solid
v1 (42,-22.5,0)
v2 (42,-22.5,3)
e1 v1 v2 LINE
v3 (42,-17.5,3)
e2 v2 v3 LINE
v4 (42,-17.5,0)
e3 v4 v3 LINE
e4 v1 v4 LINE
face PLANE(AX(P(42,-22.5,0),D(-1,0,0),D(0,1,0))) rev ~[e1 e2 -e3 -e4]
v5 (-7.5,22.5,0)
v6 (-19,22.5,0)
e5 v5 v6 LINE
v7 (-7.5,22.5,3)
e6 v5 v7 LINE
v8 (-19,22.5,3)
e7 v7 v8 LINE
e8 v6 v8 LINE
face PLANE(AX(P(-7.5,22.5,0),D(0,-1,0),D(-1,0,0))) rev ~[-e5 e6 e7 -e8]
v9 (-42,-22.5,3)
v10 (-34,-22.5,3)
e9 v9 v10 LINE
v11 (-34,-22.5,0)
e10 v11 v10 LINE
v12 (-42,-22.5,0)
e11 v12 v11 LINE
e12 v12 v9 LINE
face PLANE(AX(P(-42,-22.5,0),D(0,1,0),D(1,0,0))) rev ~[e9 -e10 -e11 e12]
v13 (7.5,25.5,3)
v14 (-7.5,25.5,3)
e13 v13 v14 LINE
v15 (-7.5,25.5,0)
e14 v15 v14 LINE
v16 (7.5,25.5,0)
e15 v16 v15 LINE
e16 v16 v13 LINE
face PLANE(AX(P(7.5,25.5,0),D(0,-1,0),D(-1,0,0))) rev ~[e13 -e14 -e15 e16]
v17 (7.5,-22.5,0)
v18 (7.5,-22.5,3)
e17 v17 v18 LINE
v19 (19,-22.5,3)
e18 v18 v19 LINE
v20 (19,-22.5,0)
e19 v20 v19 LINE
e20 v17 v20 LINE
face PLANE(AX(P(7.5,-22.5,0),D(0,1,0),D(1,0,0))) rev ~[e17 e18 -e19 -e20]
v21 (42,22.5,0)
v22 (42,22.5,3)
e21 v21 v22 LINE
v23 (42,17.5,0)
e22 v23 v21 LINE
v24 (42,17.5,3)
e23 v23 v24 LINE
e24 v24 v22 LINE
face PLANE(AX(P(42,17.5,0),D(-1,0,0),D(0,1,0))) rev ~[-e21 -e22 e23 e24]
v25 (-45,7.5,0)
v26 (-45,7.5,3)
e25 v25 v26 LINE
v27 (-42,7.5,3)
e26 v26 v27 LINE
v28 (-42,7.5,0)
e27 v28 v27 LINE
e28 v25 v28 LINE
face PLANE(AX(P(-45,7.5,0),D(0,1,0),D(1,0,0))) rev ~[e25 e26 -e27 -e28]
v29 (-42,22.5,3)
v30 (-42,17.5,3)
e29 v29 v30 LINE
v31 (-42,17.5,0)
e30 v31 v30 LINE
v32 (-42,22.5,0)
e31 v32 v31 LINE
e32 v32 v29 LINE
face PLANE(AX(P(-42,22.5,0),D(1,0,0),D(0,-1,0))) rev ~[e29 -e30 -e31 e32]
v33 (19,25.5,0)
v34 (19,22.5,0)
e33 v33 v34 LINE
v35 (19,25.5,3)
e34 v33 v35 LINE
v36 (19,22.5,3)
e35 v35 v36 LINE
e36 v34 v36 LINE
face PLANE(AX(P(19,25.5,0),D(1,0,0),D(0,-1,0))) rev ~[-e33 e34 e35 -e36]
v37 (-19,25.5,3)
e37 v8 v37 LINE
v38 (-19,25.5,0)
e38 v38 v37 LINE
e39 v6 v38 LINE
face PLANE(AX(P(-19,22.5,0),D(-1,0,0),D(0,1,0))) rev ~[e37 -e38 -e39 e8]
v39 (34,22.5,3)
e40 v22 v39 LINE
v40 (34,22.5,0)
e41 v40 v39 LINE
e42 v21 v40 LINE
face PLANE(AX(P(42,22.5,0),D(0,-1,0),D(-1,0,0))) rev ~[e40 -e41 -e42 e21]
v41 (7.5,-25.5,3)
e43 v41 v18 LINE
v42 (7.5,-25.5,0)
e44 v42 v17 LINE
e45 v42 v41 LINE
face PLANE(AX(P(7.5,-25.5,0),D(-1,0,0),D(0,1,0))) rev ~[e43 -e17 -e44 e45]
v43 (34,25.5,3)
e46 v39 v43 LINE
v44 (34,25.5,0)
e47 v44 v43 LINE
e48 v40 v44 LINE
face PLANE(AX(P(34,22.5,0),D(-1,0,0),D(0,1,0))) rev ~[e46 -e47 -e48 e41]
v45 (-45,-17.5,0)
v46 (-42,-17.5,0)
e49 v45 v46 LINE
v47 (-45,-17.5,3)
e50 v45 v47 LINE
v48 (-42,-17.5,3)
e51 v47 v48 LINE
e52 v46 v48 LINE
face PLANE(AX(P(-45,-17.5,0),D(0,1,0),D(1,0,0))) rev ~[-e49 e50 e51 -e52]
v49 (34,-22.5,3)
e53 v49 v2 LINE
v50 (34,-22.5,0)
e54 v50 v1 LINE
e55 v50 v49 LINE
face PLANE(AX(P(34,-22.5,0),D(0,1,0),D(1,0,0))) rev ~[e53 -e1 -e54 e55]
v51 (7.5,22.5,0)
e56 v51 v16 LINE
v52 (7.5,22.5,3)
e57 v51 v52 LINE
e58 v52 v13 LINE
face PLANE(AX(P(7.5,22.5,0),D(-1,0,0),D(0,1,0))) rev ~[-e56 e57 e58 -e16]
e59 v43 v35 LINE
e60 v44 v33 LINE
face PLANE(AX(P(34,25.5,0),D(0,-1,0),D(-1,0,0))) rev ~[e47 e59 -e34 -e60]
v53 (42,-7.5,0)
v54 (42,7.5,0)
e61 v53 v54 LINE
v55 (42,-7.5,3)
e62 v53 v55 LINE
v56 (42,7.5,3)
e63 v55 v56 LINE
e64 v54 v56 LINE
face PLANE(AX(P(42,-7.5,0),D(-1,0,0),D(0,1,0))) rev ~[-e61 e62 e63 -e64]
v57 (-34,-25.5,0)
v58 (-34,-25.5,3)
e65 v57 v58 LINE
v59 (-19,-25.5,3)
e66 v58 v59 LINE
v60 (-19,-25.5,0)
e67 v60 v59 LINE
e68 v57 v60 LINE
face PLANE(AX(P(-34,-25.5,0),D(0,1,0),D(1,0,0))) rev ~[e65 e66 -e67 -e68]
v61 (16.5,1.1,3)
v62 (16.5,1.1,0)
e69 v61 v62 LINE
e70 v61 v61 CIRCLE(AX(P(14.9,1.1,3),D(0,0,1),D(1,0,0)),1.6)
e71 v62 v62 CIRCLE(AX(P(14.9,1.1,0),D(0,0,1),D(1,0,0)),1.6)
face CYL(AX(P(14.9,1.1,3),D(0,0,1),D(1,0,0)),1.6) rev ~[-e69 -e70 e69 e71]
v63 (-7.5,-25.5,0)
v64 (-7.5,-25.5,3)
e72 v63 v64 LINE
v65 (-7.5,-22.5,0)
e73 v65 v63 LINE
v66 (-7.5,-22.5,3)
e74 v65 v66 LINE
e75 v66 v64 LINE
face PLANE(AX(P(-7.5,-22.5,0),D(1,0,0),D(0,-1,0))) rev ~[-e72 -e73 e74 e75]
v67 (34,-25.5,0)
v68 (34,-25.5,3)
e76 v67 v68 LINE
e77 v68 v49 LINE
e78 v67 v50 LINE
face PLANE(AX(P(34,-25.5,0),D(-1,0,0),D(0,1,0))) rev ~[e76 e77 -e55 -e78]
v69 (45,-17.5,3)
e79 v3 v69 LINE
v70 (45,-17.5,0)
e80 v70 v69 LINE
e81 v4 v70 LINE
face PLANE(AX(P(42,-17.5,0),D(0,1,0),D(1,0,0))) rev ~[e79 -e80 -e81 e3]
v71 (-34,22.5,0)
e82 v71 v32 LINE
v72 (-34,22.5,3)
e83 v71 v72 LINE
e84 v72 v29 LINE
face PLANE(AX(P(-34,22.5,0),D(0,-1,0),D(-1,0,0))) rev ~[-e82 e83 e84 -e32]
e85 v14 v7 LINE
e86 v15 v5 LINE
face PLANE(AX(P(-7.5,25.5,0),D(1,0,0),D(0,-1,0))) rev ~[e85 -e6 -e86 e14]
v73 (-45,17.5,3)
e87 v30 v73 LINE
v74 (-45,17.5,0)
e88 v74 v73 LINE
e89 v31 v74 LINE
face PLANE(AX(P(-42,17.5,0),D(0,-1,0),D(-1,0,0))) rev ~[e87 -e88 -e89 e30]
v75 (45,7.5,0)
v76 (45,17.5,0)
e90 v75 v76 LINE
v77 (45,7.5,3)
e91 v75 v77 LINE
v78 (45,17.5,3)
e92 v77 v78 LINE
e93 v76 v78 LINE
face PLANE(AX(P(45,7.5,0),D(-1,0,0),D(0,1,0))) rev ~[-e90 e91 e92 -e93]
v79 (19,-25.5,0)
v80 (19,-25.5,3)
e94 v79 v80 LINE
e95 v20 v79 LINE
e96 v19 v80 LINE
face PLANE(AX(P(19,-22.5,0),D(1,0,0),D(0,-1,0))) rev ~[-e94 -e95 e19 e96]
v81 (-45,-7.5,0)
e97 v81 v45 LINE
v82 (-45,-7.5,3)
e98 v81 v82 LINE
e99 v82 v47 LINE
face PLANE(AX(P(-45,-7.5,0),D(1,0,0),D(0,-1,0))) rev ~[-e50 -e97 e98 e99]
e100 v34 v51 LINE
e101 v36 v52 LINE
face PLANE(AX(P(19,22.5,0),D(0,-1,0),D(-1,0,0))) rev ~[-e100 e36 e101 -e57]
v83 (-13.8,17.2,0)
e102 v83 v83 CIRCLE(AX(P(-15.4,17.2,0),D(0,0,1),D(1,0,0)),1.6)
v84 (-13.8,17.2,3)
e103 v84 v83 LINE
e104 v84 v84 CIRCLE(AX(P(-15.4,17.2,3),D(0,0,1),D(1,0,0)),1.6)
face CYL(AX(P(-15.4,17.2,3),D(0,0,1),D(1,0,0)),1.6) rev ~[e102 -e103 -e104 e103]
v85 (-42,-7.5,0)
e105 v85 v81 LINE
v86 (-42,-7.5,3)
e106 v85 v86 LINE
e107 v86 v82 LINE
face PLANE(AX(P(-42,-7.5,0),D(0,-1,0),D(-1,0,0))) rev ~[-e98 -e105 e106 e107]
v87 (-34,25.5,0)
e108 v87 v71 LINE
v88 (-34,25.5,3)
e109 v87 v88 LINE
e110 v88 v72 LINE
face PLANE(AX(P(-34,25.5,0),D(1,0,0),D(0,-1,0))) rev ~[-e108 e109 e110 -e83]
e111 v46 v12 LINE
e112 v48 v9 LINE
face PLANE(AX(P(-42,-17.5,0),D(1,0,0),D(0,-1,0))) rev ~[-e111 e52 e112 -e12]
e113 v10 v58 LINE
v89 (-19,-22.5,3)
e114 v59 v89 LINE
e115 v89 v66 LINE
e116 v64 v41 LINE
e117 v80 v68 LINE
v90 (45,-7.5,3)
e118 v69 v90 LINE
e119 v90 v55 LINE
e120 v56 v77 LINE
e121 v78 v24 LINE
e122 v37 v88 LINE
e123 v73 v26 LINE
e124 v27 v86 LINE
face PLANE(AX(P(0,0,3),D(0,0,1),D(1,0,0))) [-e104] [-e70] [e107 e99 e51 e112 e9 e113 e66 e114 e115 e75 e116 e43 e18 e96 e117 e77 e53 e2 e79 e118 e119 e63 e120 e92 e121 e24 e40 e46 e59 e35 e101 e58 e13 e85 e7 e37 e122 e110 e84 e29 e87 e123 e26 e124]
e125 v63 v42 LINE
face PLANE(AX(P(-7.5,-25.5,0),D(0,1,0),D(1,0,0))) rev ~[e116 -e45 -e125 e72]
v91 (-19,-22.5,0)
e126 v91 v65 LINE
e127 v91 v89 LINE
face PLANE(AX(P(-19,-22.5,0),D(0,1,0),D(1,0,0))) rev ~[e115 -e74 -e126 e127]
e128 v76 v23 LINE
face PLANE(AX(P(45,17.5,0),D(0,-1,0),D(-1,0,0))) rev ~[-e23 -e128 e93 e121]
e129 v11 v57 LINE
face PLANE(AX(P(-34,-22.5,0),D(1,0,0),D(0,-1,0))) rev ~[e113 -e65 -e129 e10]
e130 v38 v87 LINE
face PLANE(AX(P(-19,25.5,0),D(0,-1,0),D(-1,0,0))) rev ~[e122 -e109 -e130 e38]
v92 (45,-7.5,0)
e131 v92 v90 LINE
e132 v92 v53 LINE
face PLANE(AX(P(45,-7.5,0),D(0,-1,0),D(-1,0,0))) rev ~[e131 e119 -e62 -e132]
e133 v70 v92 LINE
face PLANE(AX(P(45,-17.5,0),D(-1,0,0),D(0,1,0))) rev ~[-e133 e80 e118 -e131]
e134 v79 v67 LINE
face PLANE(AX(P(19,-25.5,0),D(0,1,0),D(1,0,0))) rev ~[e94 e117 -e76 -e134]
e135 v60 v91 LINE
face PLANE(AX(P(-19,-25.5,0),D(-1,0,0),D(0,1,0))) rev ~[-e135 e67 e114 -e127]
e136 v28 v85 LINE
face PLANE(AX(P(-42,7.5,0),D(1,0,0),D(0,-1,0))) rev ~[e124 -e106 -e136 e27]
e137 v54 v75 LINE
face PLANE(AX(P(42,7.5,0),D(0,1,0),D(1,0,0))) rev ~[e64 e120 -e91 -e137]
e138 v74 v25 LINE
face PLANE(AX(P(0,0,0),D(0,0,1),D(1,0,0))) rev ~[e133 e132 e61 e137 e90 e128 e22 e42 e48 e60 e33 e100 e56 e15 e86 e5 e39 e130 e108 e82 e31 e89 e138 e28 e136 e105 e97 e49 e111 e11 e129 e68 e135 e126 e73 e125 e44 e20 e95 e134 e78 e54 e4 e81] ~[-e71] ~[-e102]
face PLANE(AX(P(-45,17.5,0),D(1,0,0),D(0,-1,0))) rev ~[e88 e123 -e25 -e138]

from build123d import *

# Parameters (mm, degrees)
EXTRUDE_1_DEPTH     = 3
SKETCH_3_R          = 1.6
CUT_EXTRUDE_1_DEPTH = 52.809748118


with BuildPart() as part:
    # 草图1 → 凸台-拉伸1 (new body)
    with BuildSketch(Plane.XY):
        Polygon((-42, -22.5), (-34, -22.5), (-34, -25.5), (-19, -25.5), (-19, -22.5), (-7.5, -22.5), (-7.5, -25.5), (7.5, -25.5), (7.5, -22.5), (19, -22.5), (19, -25.5), (34, -25.5), (34, -22.5), (42, -22.5), (42, -17.5), (45, -17.5), (45, -7.5), (42, -7.5), (42, 7.5), (45, 7.5), (45, 17.5), (42, 17.5), (42, 22.5), (34, 22.5), (34, 25.5), (19, 25.5), (19, 22.5), (7.5, 22.5), (7.5, 25.5), (-7.5, 25.5), (-7.5, 22.5), (-19, 22.5), (-19, 25.5), (-34, 25.5), (-34, 22.5), (-42, 22.5), (-42, 17.5), (-45, 17.5), (-45, 7.5), (-42, 7.5), (-42, -7.5), (-45, -7.5), (-45, -17.5), (-42, -17.5), align=None)
    extrude(amount=EXTRUDE_1_DEPTH)

    # 草图3 → 切除-拉伸1 (cut, through all)
    with BuildSketch(Plane.XY.offset(3)):
        with Locations((-15.4, 17.2)):
            Circle(SKETCH_3_R)
        with Locations((14.9, 1.1)):
            Circle(SKETCH_3_R)
    extrude(amount=-CUT_EXTRUDE_1_DEPTH, mode=Mode.SUBTRACT)


solid = part.part
